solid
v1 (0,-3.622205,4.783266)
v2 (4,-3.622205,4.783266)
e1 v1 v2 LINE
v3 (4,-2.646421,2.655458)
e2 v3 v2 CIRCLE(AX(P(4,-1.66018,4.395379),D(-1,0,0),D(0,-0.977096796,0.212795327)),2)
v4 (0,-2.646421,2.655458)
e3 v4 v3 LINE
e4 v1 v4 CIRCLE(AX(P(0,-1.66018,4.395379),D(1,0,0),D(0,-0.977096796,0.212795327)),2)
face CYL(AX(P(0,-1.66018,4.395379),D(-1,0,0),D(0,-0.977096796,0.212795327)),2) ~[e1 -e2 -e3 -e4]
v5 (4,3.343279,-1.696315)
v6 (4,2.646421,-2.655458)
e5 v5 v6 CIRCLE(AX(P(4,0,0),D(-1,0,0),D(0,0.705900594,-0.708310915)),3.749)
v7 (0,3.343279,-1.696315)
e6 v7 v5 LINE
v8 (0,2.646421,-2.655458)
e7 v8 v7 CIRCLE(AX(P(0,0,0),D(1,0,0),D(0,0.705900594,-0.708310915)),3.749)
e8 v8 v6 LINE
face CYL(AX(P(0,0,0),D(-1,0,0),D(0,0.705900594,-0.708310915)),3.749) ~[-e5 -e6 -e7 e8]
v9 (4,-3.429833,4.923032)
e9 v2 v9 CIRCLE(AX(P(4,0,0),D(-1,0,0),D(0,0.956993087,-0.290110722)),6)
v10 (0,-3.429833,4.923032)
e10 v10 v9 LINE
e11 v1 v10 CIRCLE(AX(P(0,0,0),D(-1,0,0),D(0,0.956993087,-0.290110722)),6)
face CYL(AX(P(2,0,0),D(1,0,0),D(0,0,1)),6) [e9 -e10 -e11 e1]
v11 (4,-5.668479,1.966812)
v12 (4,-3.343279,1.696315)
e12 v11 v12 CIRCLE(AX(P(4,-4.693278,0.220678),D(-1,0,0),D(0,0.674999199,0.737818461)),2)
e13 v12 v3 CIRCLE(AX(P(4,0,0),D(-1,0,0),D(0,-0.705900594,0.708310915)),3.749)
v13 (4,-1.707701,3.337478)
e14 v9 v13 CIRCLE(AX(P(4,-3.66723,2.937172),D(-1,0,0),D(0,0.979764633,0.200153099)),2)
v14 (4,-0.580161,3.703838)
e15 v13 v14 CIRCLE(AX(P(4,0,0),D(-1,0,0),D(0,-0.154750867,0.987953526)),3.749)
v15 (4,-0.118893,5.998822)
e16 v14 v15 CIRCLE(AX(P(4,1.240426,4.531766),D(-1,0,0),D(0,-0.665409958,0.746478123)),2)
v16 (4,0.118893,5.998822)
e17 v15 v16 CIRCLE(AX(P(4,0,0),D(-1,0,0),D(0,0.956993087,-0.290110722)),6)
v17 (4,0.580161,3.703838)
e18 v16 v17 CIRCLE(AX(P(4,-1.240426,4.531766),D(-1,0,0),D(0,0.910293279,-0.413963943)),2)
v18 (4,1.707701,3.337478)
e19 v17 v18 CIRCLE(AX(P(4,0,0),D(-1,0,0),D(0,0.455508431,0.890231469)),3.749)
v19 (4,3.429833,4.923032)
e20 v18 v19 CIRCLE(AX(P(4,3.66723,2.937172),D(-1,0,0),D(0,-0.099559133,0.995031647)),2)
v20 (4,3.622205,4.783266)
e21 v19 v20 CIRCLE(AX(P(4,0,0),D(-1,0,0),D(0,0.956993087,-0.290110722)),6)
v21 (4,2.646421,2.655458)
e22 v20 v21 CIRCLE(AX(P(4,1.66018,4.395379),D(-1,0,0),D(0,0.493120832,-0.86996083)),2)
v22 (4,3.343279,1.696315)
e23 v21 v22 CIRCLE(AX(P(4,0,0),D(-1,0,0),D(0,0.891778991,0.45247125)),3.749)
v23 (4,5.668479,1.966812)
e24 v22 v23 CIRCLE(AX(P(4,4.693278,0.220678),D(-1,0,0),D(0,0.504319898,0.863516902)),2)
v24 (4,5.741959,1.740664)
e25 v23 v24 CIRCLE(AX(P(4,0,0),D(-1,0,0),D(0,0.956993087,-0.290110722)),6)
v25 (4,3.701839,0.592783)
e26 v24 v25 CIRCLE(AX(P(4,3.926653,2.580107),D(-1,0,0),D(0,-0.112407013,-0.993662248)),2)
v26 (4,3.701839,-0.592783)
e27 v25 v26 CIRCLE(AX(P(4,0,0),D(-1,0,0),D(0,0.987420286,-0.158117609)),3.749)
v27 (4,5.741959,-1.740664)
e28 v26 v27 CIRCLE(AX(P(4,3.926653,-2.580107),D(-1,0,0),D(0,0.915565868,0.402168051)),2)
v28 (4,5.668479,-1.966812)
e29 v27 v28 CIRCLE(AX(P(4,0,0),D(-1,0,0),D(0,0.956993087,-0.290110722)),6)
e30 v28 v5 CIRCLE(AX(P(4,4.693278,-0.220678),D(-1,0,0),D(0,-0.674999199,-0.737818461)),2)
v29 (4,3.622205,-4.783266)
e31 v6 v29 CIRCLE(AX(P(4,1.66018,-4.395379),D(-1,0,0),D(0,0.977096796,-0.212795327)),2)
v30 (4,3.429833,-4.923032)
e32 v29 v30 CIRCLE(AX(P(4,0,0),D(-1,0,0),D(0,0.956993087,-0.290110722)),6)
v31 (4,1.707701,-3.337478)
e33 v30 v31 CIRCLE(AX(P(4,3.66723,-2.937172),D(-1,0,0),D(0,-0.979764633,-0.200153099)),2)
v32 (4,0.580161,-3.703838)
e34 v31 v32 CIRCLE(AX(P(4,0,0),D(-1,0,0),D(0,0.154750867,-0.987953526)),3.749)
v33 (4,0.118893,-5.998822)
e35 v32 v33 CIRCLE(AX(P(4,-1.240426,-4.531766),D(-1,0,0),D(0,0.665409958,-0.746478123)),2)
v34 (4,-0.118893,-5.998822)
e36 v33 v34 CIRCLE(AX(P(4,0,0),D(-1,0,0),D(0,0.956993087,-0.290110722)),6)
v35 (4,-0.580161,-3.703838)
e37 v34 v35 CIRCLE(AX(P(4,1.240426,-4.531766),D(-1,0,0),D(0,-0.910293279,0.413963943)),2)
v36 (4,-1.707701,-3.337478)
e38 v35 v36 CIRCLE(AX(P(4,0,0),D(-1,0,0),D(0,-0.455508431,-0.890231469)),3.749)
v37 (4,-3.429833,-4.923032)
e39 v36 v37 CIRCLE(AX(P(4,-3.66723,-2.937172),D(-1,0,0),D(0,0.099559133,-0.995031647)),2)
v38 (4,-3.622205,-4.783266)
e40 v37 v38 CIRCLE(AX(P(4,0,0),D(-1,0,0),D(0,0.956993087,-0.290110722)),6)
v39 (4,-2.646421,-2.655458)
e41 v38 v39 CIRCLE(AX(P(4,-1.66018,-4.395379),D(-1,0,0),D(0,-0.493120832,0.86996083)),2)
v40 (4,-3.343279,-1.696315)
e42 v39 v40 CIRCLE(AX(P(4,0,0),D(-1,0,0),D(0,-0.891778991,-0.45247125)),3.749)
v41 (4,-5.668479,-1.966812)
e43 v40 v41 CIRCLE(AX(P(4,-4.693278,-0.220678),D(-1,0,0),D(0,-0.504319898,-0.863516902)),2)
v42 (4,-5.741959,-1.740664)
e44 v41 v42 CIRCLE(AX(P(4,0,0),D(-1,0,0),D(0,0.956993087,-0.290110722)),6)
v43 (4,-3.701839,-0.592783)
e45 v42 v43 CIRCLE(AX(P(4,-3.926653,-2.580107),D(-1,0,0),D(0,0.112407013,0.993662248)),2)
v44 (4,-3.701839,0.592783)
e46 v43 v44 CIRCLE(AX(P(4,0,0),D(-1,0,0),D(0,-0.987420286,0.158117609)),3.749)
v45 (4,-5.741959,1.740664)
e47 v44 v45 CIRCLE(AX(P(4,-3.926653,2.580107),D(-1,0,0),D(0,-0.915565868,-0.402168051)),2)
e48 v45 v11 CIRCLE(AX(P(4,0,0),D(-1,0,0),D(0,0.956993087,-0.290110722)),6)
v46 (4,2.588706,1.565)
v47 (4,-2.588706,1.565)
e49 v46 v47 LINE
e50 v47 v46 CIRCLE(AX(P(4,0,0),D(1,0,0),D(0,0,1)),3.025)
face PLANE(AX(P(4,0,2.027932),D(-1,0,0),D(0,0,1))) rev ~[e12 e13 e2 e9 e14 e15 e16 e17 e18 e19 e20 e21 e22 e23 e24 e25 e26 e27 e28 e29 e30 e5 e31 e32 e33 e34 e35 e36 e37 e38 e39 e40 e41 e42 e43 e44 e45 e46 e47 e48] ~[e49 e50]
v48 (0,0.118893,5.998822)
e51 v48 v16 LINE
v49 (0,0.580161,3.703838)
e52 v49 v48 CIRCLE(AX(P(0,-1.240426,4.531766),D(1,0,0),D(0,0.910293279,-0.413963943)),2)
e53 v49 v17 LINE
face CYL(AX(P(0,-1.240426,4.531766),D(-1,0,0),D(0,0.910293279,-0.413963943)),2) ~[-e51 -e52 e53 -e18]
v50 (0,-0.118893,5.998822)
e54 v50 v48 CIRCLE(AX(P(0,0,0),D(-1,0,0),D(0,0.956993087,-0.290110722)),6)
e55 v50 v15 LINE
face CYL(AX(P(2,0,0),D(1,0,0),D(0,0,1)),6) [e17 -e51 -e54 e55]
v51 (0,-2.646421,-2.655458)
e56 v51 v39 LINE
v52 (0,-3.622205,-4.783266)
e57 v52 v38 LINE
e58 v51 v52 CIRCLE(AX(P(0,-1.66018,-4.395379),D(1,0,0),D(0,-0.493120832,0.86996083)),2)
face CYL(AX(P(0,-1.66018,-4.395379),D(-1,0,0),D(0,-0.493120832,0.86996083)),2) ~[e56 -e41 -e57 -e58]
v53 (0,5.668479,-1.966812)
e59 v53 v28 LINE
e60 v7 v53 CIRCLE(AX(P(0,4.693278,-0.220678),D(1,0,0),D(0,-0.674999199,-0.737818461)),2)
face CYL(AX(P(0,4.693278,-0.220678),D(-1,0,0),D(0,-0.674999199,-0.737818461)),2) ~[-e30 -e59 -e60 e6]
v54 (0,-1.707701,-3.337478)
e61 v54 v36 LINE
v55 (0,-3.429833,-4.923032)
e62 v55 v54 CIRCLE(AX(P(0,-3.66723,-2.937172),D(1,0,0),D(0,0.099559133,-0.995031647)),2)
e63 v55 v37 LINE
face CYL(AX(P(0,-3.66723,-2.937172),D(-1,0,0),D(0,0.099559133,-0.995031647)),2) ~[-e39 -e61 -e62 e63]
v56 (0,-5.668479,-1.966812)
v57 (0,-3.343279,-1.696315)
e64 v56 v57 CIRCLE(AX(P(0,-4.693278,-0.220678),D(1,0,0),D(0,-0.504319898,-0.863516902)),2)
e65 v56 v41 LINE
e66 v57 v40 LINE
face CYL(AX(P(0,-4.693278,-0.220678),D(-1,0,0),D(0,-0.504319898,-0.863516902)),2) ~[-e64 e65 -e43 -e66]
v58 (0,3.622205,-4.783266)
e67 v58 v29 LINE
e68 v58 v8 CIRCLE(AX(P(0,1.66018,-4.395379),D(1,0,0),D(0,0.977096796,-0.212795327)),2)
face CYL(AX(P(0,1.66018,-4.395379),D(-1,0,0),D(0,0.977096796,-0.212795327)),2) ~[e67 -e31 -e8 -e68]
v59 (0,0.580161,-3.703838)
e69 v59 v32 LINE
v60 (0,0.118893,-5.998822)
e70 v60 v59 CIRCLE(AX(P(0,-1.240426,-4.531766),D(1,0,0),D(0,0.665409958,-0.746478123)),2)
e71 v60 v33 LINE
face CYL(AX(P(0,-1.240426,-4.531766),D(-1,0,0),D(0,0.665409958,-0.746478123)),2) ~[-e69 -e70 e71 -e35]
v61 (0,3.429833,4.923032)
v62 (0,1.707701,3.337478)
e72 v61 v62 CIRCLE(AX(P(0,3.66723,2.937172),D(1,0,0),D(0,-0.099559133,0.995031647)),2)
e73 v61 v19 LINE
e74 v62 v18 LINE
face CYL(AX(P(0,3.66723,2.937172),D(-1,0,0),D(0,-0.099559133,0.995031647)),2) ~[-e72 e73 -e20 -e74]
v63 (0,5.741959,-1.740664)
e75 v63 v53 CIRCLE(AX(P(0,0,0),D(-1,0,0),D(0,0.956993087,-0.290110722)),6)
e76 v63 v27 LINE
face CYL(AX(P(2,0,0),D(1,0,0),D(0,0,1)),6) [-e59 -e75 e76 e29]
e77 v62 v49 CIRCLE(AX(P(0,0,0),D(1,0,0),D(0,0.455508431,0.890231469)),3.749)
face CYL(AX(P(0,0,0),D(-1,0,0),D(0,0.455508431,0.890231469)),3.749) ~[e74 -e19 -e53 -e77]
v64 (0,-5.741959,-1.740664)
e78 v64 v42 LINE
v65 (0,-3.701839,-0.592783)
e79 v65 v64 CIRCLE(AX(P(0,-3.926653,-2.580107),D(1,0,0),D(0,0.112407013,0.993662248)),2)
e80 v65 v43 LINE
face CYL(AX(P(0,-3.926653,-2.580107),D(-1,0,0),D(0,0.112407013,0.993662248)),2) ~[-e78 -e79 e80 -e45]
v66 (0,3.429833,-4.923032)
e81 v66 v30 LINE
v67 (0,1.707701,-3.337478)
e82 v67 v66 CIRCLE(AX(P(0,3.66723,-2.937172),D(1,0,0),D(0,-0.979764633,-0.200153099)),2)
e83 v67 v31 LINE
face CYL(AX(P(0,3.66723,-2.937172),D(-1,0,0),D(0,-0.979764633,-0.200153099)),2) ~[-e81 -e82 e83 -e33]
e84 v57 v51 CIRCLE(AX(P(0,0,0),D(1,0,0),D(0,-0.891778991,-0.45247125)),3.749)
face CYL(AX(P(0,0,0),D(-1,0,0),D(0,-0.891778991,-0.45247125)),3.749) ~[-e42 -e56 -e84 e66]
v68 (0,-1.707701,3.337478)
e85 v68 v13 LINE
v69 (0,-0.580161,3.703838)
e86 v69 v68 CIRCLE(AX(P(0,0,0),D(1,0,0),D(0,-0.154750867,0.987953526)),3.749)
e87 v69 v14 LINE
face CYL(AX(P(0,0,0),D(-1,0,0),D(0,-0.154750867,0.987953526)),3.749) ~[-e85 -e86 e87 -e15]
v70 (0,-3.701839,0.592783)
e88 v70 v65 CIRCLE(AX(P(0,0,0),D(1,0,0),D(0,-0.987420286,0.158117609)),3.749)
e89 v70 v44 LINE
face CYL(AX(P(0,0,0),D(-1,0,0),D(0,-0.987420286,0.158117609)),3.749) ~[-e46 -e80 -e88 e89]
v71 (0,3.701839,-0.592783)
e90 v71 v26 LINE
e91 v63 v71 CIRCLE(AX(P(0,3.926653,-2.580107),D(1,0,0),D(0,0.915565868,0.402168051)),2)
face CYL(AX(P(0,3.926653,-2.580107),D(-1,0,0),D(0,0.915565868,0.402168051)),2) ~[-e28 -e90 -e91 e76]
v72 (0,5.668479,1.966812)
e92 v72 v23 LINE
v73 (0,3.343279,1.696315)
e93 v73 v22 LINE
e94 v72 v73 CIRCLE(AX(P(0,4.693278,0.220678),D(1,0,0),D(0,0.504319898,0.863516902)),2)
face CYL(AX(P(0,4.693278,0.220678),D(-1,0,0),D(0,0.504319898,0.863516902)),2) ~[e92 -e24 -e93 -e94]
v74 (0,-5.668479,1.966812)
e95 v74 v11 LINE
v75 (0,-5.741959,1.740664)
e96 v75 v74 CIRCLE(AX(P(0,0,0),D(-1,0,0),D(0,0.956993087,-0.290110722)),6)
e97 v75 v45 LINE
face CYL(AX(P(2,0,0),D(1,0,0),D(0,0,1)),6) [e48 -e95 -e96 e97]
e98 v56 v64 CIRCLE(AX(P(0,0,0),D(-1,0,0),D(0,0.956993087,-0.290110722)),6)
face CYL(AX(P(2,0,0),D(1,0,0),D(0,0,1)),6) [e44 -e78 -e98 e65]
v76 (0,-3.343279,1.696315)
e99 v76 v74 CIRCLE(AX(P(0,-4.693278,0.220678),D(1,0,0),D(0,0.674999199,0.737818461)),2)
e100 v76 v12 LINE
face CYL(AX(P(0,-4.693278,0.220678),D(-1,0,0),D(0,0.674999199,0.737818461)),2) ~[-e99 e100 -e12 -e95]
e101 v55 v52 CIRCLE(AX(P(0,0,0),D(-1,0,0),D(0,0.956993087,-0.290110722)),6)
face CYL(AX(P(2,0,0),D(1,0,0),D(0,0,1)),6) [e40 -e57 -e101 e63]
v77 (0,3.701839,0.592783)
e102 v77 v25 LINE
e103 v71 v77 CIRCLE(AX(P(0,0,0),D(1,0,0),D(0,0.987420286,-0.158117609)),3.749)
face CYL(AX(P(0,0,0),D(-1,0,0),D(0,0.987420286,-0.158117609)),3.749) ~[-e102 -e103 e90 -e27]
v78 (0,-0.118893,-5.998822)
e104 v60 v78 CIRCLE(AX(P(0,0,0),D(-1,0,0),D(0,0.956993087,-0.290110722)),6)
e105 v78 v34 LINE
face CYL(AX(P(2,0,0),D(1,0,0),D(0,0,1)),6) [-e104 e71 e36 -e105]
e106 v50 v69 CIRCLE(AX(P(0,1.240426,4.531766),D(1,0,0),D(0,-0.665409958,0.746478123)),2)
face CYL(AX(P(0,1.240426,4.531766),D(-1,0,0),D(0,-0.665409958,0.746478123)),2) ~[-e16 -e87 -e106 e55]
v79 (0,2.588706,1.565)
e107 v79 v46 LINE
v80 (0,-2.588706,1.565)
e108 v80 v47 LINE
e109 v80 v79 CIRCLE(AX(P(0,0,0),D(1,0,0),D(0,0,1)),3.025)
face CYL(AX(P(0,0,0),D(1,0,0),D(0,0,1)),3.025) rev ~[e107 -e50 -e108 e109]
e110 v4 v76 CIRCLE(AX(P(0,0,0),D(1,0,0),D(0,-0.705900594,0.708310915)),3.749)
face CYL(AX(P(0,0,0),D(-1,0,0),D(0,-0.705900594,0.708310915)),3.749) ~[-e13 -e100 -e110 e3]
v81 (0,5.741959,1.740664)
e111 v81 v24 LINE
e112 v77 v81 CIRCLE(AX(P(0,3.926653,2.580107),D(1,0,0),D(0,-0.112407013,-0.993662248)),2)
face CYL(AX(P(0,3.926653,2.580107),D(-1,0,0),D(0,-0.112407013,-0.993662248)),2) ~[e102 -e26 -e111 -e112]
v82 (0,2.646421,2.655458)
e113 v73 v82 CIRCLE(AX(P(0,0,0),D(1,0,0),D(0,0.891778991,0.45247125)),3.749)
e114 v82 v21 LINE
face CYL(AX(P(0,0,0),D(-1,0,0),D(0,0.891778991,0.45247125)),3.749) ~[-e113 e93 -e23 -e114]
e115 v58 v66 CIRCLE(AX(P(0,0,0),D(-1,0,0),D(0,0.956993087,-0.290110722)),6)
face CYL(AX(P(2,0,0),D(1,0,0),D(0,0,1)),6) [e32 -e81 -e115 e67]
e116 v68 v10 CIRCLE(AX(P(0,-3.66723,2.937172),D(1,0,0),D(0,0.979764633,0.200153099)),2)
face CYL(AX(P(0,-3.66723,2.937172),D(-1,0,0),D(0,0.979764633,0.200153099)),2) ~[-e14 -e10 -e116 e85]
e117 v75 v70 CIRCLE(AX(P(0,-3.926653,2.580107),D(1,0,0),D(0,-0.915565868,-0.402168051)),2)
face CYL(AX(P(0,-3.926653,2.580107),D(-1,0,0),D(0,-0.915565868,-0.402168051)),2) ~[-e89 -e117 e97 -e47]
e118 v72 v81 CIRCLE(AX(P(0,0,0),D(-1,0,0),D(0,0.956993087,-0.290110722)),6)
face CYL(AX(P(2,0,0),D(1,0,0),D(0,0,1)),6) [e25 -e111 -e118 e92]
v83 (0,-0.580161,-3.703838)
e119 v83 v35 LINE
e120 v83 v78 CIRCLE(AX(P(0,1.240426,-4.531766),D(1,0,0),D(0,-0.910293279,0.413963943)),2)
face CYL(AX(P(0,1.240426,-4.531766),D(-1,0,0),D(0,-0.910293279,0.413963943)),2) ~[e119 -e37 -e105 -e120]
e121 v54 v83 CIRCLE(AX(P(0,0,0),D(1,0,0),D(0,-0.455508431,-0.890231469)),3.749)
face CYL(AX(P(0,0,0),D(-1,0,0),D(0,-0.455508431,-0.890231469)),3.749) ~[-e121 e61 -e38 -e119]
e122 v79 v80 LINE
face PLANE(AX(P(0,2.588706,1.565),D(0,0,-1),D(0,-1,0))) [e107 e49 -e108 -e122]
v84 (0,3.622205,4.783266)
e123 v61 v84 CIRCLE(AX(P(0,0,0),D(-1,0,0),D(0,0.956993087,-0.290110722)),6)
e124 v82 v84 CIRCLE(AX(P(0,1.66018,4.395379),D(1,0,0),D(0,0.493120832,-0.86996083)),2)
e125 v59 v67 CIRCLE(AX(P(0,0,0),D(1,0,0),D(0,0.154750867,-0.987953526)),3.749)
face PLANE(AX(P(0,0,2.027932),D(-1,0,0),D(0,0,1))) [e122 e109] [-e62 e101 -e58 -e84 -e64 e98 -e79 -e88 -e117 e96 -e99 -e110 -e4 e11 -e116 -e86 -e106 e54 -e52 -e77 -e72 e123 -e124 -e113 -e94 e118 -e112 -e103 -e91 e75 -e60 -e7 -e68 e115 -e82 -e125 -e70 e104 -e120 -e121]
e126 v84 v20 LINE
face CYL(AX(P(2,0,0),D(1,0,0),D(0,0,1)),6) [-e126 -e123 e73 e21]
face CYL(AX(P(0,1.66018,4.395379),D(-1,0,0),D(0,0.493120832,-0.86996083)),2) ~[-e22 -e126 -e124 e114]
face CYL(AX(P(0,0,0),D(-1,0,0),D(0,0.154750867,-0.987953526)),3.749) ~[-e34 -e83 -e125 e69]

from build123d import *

# Parameters (mm, degrees)
BASPROSKE_W         = 4
BASPROSKE_H         = 6
TOOTHCUT_DEPTH      = 10.38083152
TEETHCUTS_COUNT     = 10
TEETHCUTS_ANGLE     = 324
BORSKE_R            = 3.025
BORE_DEPTH          = 50.0000508
BOSS_EXTRUDE1_DEPTH = 4


with BuildPart() as part:
    # BasProSke → Base-Revolve (revolve)
    with BuildSketch(Plane(origin=(0, 0, 0), x_dir=(1, 0, 0), z_dir=(0, 1, 0)), mode=Mode.PRIVATE) as base_revolve_sk:
        with Locations((2, 3)):
            Rectangle(BASPROSKE_W, BASPROSKE_H)
    revolve(base_revolve_sk.sketch.rotate(Axis((-10, 0, 0), (1, 0, 0)), 180), axis=Axis((-10, 0, 0), (1, 0, 0)))

    # TooCutSke → ToothCut (cut, through all)
    with BuildSketch(Plane(origin=(0, 0, 0), x_dir=(0, 0, -1), z_dir=(1, 0, 0))):
        with BuildLine():
            ThreePointArc((0.59278292, 3.701838653), (0, 3.749), (-0.59278292, 3.701838653))
            ThreePointArc((-0.59278292, 3.701838653), (-0.846593509, 4.924114224), (-1.775771316, 5.757784417))
            ThreePointArc((-1.775771316, 5.757784417), (0, 6.0254), (1.775771316, 5.757784417))
            ThreePointArc((1.775771316, 5.757784417), (0.846593509, 4.924114224), (0.59278292, 3.701838653))
        make_face()
    toothcut = extrude(amount=TOOTHCUT_DEPTH, mode=Mode.SUBTRACT)

    # TeethCuts: ToothCut ×10 about axis
    teethcuts_axis = Axis((-10, 0, 0), (1, 0, 0))
    for i in range(1, TEETHCUTS_COUNT):
        add(toothcut.rotate(teethcuts_axis, i * TEETHCUTS_ANGLE / (TEETHCUTS_COUNT - 1)), mode=Mode.SUBTRACT)

    # BorSke → Bore (cut, symmetric)
    with BuildSketch(Plane(origin=(0, 0, 0), x_dir=(0, 0, -1), z_dir=(1, 0, 0))):
        with Locations(Location((0, 0, 0), (0, 0, 180))):
            Circle(BORSKE_R)
    extrude(amount=BORE_DEPTH, both=True, mode=Mode.SUBTRACT)

    # Sketch1 → Boss-Extrude1 (add)
    with BuildSketch(Plane.ZY):
        with BuildLine():
            ThreePointArc((1.565, -2.588706241), (3.025, 0), (1.565, 2.588706241))
            Line((1.565, 2.588706241), (1.565, -2.588706241))
        make_face()
    extrude(amount=-BOSS_EXTRUDE1_DEPTH)


solid = part.part
